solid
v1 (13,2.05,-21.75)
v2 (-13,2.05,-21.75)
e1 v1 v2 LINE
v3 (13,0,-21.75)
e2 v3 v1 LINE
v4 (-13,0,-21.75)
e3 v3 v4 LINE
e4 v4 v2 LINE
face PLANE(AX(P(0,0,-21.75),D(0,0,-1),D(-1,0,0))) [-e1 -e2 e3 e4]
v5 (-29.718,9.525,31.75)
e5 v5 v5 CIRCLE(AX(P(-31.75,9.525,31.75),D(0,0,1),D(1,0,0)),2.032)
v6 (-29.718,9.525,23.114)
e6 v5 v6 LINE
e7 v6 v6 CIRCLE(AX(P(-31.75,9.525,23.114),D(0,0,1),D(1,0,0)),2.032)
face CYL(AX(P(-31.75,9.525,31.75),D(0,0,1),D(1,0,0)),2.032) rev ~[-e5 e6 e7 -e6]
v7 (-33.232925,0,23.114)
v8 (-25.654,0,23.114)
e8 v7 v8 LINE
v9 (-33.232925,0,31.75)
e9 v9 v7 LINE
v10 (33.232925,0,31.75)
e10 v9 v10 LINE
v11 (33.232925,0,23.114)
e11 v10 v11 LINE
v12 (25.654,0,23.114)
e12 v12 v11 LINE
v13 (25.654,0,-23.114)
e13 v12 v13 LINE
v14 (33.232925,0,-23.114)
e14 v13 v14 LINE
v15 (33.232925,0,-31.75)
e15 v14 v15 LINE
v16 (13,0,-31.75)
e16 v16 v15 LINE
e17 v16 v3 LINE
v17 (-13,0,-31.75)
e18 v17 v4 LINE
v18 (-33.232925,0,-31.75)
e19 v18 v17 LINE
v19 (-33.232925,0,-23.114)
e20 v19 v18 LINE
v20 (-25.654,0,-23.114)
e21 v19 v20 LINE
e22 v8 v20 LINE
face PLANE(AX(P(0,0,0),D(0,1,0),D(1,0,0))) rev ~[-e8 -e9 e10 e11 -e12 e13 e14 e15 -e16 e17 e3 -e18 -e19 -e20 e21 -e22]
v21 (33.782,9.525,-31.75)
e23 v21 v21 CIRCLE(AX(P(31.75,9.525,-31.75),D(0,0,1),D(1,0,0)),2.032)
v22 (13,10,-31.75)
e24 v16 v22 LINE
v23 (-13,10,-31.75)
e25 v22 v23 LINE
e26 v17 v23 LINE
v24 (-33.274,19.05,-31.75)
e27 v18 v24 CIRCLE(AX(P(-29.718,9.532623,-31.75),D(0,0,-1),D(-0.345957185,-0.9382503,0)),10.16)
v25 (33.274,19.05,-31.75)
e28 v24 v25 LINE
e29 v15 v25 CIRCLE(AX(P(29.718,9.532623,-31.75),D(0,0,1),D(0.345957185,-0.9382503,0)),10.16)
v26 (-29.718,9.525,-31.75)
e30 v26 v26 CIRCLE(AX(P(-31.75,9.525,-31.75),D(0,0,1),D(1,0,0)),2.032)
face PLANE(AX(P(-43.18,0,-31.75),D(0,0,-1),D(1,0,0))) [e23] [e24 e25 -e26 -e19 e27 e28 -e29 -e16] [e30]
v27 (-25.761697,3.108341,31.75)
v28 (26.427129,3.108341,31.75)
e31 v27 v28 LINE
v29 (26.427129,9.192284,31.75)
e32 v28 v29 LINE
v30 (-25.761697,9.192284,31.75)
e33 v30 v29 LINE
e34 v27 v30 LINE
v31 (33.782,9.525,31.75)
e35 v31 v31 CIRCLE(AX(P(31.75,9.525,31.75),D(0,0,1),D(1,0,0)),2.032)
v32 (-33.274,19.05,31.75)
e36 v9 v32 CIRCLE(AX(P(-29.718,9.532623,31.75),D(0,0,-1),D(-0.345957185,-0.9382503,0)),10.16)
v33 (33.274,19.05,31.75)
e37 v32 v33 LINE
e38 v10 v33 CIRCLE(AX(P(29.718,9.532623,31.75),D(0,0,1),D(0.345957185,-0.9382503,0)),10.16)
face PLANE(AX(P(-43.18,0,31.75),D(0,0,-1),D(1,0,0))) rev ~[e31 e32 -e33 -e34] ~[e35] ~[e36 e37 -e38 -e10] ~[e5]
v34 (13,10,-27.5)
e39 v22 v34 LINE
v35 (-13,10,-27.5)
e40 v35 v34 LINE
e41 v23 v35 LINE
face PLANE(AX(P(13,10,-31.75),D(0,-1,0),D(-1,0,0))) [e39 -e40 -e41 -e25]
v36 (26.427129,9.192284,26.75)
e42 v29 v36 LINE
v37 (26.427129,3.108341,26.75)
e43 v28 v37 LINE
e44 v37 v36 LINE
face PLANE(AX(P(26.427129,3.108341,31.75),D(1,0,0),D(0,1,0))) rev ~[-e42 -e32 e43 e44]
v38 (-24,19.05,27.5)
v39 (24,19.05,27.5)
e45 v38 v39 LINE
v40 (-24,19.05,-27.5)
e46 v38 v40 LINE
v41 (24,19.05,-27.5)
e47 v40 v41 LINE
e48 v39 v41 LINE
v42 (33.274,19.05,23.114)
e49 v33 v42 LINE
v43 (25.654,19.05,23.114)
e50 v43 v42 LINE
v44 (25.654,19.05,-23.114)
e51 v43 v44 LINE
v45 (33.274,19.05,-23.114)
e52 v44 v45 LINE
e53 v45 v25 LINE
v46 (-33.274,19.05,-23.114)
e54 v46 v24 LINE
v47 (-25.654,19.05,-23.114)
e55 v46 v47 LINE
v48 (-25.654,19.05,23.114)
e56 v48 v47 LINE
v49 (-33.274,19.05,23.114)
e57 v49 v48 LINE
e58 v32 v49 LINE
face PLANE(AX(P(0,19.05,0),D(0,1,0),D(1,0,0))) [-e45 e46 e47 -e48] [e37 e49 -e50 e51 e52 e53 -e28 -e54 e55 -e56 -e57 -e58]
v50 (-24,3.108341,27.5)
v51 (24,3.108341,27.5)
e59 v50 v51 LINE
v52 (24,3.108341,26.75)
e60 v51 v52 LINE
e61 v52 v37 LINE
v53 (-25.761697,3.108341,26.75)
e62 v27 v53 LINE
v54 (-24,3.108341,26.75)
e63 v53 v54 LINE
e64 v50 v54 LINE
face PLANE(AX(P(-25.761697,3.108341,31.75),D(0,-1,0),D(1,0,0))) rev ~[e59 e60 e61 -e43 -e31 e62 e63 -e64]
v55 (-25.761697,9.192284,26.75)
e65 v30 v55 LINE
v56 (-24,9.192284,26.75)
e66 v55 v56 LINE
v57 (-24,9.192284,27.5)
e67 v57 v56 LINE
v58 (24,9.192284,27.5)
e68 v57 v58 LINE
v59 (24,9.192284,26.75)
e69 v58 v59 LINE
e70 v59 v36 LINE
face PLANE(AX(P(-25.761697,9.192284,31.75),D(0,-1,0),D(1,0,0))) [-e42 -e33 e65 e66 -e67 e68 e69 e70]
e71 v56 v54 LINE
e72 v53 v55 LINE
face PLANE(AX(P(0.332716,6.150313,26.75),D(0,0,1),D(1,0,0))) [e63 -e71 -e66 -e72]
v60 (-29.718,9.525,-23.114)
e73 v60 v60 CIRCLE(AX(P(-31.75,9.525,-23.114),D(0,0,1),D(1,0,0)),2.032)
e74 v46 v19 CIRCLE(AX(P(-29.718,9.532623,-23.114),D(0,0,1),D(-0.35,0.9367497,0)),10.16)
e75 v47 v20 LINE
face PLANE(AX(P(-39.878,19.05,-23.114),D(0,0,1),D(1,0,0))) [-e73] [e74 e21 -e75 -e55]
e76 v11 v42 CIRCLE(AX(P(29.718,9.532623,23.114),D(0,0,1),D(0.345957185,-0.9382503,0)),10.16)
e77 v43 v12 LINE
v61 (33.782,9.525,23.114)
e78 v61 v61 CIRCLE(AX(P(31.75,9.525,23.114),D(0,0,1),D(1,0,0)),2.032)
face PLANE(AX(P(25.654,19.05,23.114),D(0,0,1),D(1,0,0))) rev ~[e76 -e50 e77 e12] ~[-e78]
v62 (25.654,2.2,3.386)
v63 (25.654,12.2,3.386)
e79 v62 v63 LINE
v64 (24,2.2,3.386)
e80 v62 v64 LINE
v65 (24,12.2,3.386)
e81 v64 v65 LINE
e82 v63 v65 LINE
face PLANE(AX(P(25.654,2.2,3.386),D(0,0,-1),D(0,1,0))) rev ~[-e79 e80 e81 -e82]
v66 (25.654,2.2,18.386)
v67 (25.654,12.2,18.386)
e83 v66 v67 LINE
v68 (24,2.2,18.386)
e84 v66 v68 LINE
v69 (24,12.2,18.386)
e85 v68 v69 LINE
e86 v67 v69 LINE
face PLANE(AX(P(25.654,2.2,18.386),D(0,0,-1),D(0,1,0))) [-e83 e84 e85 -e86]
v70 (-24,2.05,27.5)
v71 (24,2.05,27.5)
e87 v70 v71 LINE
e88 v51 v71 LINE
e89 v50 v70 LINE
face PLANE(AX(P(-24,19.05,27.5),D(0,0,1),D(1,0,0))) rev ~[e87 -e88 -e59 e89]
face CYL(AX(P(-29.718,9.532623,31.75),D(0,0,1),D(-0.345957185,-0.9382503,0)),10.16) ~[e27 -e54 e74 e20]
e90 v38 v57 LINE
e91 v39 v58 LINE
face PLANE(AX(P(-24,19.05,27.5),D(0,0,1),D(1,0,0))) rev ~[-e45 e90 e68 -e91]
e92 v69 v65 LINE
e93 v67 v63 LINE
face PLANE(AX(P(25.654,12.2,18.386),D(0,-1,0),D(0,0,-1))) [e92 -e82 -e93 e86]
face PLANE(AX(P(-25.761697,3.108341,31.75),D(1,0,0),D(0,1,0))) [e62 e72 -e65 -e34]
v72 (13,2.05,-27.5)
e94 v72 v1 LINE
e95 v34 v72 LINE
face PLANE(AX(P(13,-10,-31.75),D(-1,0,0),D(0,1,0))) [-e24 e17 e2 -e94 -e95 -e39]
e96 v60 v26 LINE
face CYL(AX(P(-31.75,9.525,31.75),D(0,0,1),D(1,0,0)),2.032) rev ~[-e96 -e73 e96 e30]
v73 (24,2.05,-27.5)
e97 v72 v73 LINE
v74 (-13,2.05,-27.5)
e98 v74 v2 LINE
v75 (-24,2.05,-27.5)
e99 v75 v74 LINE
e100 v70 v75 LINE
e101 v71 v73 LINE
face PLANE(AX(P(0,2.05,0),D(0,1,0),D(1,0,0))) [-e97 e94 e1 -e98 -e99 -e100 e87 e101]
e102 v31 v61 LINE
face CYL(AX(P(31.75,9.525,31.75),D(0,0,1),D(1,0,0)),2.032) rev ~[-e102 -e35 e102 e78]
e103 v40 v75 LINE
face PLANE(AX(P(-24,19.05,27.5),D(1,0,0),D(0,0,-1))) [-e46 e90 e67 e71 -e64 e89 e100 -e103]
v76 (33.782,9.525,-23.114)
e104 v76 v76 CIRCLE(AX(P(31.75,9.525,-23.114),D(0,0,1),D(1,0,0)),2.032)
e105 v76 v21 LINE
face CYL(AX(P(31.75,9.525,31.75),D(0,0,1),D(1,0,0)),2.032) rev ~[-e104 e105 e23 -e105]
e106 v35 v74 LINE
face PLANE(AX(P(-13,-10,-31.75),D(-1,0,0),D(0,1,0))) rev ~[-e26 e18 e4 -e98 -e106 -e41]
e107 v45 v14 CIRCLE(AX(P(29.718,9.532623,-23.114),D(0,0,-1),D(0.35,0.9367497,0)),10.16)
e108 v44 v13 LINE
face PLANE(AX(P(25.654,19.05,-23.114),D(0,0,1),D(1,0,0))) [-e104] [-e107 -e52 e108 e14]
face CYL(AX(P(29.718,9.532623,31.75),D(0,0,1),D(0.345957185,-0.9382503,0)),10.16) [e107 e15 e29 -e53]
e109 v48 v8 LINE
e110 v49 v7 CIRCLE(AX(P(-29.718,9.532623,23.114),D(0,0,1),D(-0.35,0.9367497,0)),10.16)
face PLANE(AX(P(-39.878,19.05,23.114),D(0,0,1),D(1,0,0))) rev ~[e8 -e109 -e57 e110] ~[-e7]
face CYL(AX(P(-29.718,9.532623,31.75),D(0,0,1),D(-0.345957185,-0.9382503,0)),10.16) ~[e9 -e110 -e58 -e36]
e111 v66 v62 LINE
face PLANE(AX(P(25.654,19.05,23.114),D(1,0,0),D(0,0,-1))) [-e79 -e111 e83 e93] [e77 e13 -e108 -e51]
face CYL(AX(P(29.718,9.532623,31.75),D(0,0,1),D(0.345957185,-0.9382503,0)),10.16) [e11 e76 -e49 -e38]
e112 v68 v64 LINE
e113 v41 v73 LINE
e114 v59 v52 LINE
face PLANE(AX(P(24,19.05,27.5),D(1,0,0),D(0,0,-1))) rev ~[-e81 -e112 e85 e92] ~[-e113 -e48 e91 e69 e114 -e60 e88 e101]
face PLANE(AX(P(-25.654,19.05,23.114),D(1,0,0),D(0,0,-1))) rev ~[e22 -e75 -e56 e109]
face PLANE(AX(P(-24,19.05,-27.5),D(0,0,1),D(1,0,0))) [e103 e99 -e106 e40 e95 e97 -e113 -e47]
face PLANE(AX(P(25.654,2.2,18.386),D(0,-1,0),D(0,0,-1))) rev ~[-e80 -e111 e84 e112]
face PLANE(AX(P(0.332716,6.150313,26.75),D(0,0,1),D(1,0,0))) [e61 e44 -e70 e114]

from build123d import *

# Parameters (mm, degrees)
SKETCH1_W           = 86.36
SKETCH1_H           = 63.5
BOSS_EXTRUDE1_DEPTH = 19.05
CUT_EXTRUDE1_DEPTH  = 63.5
SKETCH3_W           = 14.224
SKETCH3_H           = 46.228
CUT_EXTRUDE4_DEPTH  = 63.5
SKETCH4_R           = 2.032
CUT_EXTRUDE5_DEPTH  = 63.5
SKETCH6_W           = 48
SKETCH6_H           = 55
CUT_EXTRUDE6_DEPTH  = 17
SKETCH7_W           = 15
SKETCH7_H           = 10
CUT_EXTRUDE10_DEPTH = 17
SKETCH9_W           = 26
SKETCH9_H           = 20
CUT_EXTRUDE11_DEPTH = 10
SKETCH10_W          = 52.188826159
SKETCH10_H          = 6.083943305
CUT_EXTRUDE12_DEPTH = 5


with BuildPart() as part:
    # Sketch1 → Boss-Extrude1 (new body)
    with BuildSketch(Plane(origin=(0, 0, 0), x_dir=(1, 0, 0), z_dir=(0, 1, 0))):
        Rectangle(SKETCH1_W, SKETCH1_H)
    extrude(amount=BOSS_EXTRUDE1_DEPTH)

    # Sketch2 → Cut-Extrude1 (cut)
    with BuildSketch(Plane.XY.offset(31.75)):
        with BuildLine():
            Line((-43.18, 19.05), (-43.18, 0))
            Line((-43.18, 0), (-33.232925003, 0))
            ThreePointArc((-33.232925003, 0), (-39.877976383, 9.510716436), (-33.274, 19.05))
            Line((-33.274, 19.05), (-43.18, 19.05))
        make_face()
        with BuildLine():
            Line((43.18, 19.05), (43.18, 0))
            Line((43.18, 0), (33.232925003, 0))
            ThreePointArc((33.232925003, 0), (39.877976383, 9.510716436), (33.274, 19.05))
            Line((33.274, 19.05), (43.18, 19.05))
        make_face()
    extrude(amount=-CUT_EXTRUDE1_DEPTH, mode=Mode.SUBTRACT)

    # Sketch3 → Cut-Extrude4 (cut)
    with BuildSketch(Plane(origin=(0, 19.05, 0), x_dir=(1, 0, 0), z_dir=(0, 1, 0))):
        with Locations((-32.766, 0)):
            Rectangle(SKETCH3_W, SKETCH3_H)
        with Locations((32.766, 0)):
            Rectangle(SKETCH3_W, SKETCH3_H)
    extrude(amount=-CUT_EXTRUDE4_DEPTH, mode=Mode.SUBTRACT)

    # Sketch4 → Cut-Extrude5 (cut)
    with BuildSketch(Plane.XY.offset(31.75)):
        with Locations((-31.75, 9.525)):
            Circle(SKETCH4_R)
        with Locations((31.75, 9.525)):
            Circle(SKETCH4_R)
    extrude(amount=-CUT_EXTRUDE5_DEPTH, mode=Mode.SUBTRACT)

    # Sketch6 → Cut-Extrude6 (cut)
    with BuildSketch(Plane(origin=(0, 19.05, 0), x_dir=(1, 0, 0), z_dir=(0, 1, 0))):
        Rectangle(SKETCH6_W, SKETCH6_H)
    extrude(amount=-CUT_EXTRUDE6_DEPTH, mode=Mode.SUBTRACT)

    # Sketch7 → Cut-Extrude10 (cut)
    with BuildSketch(Plane(origin=(25.654, 0, 0), x_dir=(0, 0, -1), z_dir=(1, 0, 0))):
        with Locations((-10.886, 7.2)):
            Rectangle(SKETCH7_W, SKETCH7_H)
    extrude(amount=-CUT_EXTRUDE10_DEPTH, mode=Mode.SUBTRACT)

    # Sketch9 → Cut-Extrude11 (cut)
    with BuildSketch(Plane(origin=(0, 0, -31.75), x_dir=(-1, 0, 0), z_dir=(0, 0, -1))):
        Rectangle(SKETCH9_W, SKETCH9_H)
    extrude(amount=-CUT_EXTRUDE11_DEPTH, mode=Mode.SUBTRACT)

    # Sketch10 → Cut-Extrude12 (cut)
    with BuildSketch(Plane.XY.offset(31.75)):
        with Locations((0.33271565, 6.150312699)):
            Rectangle(SKETCH10_W, SKETCH10_H)
    extrude(amount=-CUT_EXTRUDE12_DEPTH, mode=Mode.SUBTRACT)


solid = part.part
